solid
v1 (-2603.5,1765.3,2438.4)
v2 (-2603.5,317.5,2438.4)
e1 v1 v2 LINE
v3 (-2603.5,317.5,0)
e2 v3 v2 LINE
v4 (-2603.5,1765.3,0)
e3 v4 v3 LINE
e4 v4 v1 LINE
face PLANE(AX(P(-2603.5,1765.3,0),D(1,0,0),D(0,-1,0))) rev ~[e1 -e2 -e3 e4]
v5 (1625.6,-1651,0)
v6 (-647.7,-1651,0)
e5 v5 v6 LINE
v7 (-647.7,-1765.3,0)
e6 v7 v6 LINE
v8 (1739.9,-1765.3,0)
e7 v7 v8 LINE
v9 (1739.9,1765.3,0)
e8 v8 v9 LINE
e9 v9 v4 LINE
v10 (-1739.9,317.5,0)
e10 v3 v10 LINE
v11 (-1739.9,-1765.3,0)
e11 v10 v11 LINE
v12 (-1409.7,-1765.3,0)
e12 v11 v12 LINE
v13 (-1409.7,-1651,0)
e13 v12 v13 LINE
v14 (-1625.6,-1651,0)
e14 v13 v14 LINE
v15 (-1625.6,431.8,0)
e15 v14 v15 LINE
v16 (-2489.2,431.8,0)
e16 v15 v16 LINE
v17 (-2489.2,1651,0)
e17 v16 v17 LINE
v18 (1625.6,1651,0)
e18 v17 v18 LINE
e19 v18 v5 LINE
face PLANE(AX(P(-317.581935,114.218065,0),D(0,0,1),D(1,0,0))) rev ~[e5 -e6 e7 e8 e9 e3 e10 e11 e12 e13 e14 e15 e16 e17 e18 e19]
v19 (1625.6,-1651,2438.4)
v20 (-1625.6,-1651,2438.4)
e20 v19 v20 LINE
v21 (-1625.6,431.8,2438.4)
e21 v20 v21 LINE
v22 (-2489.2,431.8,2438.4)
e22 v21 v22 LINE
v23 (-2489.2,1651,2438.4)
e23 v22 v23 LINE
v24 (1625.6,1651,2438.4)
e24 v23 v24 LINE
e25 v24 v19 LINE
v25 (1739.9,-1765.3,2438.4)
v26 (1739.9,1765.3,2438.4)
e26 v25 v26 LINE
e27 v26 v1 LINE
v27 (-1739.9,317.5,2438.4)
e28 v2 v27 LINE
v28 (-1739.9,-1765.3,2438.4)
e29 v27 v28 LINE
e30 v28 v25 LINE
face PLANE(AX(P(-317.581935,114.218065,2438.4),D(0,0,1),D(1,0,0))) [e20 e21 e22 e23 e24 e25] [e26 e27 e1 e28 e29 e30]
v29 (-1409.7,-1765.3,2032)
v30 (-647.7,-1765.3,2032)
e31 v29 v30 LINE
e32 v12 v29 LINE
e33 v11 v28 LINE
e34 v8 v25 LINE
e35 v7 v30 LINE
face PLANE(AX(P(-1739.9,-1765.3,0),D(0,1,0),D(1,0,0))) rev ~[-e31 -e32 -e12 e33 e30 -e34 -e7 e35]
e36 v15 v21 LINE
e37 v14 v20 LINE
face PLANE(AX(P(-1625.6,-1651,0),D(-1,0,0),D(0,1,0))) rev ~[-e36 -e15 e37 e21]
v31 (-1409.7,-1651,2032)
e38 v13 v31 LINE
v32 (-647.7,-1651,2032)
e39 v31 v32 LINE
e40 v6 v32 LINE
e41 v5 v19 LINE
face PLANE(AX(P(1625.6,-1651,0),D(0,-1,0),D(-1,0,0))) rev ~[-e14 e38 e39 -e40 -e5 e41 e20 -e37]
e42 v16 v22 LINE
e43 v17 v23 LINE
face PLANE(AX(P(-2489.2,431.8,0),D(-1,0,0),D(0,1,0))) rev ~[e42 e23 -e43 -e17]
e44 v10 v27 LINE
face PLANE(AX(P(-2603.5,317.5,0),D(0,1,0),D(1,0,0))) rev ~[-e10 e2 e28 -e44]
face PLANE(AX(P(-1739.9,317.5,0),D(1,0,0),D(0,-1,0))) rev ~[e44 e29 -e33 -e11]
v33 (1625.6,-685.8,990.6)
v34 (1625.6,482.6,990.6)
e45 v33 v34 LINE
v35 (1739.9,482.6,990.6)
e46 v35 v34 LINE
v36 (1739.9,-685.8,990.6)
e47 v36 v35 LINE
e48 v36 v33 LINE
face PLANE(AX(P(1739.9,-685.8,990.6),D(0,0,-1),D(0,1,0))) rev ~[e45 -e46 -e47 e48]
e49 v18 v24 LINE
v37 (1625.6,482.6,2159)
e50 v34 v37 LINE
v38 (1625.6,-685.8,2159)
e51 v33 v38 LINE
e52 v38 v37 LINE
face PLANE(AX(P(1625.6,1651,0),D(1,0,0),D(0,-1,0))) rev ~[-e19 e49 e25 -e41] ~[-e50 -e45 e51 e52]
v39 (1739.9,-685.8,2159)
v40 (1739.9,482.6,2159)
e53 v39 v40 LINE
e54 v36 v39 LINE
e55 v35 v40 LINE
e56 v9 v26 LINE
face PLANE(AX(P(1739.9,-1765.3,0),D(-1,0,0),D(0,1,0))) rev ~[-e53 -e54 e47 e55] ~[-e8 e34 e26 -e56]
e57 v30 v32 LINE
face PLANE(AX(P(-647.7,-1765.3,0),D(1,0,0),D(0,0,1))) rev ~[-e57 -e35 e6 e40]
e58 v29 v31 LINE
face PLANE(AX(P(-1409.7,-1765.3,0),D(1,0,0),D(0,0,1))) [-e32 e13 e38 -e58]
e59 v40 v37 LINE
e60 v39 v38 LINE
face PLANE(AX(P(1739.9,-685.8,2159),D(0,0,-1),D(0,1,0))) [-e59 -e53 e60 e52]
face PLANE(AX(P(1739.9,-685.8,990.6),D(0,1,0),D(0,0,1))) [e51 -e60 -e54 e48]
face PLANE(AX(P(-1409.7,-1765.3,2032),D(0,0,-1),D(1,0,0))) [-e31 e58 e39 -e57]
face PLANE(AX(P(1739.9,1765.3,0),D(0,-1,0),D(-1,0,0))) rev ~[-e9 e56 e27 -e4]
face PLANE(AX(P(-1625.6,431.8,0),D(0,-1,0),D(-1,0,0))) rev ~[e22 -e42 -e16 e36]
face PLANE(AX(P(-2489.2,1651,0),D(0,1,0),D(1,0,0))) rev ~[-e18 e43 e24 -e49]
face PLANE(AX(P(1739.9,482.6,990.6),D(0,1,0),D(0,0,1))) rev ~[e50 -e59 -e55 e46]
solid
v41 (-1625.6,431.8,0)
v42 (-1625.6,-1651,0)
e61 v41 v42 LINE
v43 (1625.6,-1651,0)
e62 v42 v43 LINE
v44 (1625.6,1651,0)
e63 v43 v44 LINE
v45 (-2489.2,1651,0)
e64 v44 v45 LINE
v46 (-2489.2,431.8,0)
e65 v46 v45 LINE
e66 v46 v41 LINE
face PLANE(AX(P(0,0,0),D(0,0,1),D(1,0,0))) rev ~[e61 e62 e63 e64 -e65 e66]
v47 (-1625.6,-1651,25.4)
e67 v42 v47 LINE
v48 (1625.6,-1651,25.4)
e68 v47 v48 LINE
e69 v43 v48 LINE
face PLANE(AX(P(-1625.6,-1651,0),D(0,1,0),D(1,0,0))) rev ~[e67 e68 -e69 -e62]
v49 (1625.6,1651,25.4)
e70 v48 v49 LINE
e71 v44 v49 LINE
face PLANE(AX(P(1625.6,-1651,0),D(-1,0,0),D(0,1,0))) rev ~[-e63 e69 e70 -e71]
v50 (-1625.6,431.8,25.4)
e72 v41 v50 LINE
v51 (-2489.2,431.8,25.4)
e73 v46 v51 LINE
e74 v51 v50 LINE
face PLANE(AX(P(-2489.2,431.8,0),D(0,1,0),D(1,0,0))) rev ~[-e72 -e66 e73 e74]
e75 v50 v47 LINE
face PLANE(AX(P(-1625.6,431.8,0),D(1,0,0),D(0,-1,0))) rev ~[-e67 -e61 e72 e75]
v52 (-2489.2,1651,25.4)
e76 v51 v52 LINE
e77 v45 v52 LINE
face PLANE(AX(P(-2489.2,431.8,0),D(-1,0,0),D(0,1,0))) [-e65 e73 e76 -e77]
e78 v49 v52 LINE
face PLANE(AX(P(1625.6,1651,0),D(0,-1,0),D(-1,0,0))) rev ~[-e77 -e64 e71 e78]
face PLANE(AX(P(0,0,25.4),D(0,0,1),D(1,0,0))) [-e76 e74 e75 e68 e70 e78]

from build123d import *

# Parameters (mm, degrees)
F0_W     = 863.6
F0_H     = 1219.2
F1_DEPTH = 25.4
F3_DEPTH = 2438.4
F4_W     = 762
F4_H     = 2032
F5_DEPTH = 114.3
F6_W     = 1168.4
F6_H     = 1168.4
F7_DEPTH = 114.3


with BuildPart() as f1:
    # F0 (on Top) → F1 (new body)
    with BuildSketch(Plane.XY):
        Polygon((-1625.6, 431.8), (-1625.6, -1651), (1625.6, -1651), (1625.6, 1651), (-1625.6, 1651), align=None)
        with Locations((-2057.4, 1041.4)):
            Rectangle(F0_W, F0_H)
    extrude(amount=F1_DEPTH)


with BuildPart() as f3:
    # F2 (on Top) → F3 (new body)
    with BuildSketch(Plane.XY):
        Polygon((1739.9, 1765.3), (-2603.5, 1765.3), (-2603.5, 317.5), (-1739.9, 317.5), (-1739.9, -1765.3), (1739.9, -1765.3), align=None)
        Polygon((-2489.2, 431.8), (-2489.2, 1651), (1625.6, 1651), (1625.6, -1651), (-1625.6, -1651), (-1625.6, 431.8), align=None, mode=Mode.SUBTRACT)
    extrude(amount=F3_DEPTH)

    # F4 (on face) → F5 (cut, through all)
    with BuildSketch(Plane.XZ.offset(1765.3)):
        with Locations((-1028.7, 1016)):
            Rectangle(F4_W, F4_H)
    extrude(amount=-F5_DEPTH, mode=Mode.SUBTRACT)

    # F6 (on face) → F7 (cut, through all)
    with BuildSketch(Plane.YZ.offset(1739.9)):
        with Locations((-101.6, 1574.8)):
            Rectangle(F6_W, F6_H)
    extrude(amount=-F7_DEPTH, mode=Mode.SUBTRACT)


solid = Compound([f1.part, f3.part])
